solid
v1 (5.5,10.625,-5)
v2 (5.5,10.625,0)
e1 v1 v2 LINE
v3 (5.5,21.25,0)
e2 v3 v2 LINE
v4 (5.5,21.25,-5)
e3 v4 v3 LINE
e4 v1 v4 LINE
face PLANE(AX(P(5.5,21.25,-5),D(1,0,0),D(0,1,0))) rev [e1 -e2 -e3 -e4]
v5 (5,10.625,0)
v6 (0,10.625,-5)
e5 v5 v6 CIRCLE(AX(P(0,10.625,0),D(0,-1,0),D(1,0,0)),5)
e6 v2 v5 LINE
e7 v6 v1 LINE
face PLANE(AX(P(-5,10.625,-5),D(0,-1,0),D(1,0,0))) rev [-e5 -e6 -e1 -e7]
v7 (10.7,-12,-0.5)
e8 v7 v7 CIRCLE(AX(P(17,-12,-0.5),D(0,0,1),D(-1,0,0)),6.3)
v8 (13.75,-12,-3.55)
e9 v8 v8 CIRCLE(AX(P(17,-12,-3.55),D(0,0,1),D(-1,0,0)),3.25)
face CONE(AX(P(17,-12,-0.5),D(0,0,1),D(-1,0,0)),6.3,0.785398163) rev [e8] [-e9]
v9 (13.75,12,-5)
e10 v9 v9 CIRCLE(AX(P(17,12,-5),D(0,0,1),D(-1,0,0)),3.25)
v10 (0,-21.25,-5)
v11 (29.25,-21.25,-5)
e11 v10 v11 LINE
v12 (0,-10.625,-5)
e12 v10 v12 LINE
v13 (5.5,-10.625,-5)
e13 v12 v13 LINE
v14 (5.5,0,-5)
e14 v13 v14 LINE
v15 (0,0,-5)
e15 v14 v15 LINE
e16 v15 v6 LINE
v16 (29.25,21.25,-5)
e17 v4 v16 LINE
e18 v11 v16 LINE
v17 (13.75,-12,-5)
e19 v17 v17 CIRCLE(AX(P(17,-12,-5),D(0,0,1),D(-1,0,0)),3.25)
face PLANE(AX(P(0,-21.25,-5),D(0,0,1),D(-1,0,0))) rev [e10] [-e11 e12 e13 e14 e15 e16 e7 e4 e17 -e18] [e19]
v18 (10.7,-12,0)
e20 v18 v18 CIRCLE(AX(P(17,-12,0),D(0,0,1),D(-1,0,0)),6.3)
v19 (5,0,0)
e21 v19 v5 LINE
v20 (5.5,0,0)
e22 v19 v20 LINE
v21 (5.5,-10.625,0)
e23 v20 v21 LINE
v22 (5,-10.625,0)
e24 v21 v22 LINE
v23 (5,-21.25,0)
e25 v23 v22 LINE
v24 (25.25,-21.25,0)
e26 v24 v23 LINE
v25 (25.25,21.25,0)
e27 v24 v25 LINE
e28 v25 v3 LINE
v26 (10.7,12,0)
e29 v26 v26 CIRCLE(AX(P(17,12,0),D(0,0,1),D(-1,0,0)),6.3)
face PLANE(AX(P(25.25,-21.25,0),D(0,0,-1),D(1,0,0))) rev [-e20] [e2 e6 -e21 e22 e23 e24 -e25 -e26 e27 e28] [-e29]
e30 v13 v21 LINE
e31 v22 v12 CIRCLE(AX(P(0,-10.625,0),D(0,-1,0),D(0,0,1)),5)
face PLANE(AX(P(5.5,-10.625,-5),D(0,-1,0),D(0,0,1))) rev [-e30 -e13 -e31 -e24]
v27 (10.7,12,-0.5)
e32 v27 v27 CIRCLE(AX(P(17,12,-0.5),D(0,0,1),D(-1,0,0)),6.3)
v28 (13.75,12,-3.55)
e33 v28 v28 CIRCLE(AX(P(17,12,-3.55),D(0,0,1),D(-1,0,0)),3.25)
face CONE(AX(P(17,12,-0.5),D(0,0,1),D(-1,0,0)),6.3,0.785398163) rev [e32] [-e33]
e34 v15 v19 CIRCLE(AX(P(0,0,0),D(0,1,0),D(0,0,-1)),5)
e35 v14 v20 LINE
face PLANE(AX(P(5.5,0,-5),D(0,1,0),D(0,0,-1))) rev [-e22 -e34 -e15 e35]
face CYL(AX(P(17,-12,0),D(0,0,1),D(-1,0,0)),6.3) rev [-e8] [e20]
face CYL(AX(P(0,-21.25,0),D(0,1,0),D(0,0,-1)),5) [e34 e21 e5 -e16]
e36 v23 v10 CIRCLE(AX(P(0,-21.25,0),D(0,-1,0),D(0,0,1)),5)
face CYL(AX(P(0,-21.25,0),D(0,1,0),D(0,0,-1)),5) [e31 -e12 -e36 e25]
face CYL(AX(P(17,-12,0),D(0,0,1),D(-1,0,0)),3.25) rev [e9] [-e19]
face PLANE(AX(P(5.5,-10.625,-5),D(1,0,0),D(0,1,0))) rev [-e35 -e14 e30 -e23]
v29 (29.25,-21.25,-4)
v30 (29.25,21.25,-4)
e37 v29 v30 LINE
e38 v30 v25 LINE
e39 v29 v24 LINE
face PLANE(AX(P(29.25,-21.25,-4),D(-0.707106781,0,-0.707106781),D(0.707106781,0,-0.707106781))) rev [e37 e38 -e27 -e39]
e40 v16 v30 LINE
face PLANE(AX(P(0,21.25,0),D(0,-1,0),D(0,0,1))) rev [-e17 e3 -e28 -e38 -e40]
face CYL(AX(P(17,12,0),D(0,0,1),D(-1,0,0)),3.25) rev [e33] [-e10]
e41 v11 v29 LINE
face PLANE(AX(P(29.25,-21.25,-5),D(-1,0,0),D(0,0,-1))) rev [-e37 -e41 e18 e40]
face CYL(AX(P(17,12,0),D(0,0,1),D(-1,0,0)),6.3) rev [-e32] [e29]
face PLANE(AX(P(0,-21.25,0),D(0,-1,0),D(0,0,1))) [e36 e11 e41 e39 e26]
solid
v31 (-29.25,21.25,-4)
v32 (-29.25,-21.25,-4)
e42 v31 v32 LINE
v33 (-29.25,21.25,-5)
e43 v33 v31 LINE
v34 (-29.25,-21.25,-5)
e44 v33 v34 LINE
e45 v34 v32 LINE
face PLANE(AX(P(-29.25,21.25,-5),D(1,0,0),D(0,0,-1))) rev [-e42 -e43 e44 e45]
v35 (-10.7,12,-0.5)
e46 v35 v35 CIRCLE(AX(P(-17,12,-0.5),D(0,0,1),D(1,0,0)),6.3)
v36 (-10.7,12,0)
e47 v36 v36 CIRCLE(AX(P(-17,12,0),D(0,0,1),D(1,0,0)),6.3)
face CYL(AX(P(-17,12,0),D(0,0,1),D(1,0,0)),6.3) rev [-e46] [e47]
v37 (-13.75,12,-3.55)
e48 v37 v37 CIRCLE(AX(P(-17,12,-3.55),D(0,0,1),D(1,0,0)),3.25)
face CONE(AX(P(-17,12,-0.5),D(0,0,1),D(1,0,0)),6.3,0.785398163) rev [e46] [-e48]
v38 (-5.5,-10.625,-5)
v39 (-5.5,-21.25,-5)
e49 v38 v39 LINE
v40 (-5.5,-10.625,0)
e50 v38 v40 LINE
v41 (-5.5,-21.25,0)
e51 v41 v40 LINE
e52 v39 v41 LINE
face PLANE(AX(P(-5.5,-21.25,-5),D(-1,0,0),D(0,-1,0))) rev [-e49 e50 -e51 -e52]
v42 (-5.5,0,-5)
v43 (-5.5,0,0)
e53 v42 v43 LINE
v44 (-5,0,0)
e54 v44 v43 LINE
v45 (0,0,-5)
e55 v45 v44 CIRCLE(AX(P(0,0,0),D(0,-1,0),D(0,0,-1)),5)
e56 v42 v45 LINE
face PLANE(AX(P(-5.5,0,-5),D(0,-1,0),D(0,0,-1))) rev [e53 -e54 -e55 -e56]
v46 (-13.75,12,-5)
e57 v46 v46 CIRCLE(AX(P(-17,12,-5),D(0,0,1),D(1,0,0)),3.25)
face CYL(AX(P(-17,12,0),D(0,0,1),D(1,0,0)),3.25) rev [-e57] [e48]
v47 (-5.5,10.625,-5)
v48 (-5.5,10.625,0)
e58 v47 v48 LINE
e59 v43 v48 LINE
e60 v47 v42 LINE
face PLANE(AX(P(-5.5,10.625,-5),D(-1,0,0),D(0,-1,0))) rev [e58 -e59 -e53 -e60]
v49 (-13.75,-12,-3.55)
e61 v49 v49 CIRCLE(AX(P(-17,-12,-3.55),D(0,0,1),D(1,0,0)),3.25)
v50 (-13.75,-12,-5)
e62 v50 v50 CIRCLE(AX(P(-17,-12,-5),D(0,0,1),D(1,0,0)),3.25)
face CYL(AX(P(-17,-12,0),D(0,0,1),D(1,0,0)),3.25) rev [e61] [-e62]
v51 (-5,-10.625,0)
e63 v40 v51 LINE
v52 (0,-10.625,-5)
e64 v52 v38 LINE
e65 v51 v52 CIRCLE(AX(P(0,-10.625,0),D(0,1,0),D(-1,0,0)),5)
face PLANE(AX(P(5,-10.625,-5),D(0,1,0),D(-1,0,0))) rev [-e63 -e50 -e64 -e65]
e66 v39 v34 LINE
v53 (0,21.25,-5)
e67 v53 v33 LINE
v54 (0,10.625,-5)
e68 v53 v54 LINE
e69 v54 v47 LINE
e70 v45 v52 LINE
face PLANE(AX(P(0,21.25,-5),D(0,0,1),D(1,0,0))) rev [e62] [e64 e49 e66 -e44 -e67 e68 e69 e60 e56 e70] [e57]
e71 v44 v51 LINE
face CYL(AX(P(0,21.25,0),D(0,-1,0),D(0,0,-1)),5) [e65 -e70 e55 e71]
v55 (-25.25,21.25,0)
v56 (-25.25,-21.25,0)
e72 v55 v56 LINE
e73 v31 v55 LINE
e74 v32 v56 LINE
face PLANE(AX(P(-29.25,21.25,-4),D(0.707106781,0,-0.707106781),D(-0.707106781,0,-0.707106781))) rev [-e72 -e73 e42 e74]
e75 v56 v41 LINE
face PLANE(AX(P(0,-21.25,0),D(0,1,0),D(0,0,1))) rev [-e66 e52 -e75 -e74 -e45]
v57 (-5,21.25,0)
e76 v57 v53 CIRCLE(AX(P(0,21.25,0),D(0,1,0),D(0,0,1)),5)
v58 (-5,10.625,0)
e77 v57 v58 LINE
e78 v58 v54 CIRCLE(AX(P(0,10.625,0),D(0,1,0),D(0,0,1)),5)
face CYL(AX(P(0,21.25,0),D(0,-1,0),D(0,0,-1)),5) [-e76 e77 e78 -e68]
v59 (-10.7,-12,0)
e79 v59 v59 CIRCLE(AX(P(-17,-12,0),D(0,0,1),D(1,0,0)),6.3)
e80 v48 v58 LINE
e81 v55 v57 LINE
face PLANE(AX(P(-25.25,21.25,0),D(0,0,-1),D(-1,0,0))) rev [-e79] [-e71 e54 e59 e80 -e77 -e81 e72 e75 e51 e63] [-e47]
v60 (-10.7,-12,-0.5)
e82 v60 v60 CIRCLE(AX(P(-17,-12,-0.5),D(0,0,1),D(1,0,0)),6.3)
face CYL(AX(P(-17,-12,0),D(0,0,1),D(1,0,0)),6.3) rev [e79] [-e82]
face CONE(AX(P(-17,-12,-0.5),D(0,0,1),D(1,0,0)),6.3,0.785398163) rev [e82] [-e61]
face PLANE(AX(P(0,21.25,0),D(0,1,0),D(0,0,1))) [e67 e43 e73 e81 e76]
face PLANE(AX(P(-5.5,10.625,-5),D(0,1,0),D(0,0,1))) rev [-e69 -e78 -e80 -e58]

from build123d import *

# Parameters (mm, degrees)
EXTRUDE_1_DEPTH            = 21.25
SKETCH_3_W                 = 10.5
SKETCH_3_H                 = 10.625
CUT_EXTRUDE_1_DEPTH        = 6
CUT_EXTRUDE_1_DEPTH_BACK   = 6
HOLE_WIZARD_M61_AT_2_COUNT = 2
HOLE_WIZARD_M61_AT_2_PITCH = 24
PATTERN_CIRCULAR_1_COUNT   = 2


with BuildPart() as part:
    # Эскиз1 → Бобышка-Вытянуть1 (new body, symmetric)
    with BuildSketch(Plane(origin=(0, 0, 0), x_dir=(1, 0, 0), z_dir=(0, 1, 0))):
        with BuildLine():
            Line((0, 5), (-29.25, 5))
            Line((-29.25, 5), (-29.25, 4))
            Line((-29.25, 4), (-25.25, 0))
            Line((-25.25, 0), (-5, 0))
            ThreePointArc((-5, 0), (3.535533906, -3.535533906), (0, 5))
        make_face()
    extrude(amount=EXTRUDE_1_DEPTH, both=True)

    # Эскиз3 → Вырез-Вытянуть1 (cut, two sides)
    with BuildSketch(Plane.XY) as cut_extrude_1_sk:
        with Locations((-0.25, 5.3125)):
            Rectangle(SKETCH_3_W, SKETCH_3_H)
        with Locations((-0.25, -15.9375)):
            Rectangle(SKETCH_3_W, SKETCH_3_H)
    extrude(amount=CUT_EXTRUDE_1_DEPTH, mode=Mode.SUBTRACT)
    extrude(cut_extrude_1_sk.sketch, amount=-CUT_EXTRUDE_1_DEPTH_BACK, mode=Mode.SUBTRACT)

    # Эскиз6 → Зенковка для винта с полупотайной головкой M61 (revolve, cut)
    with BuildSketch(Plane(origin=(-17, 12, 0), x_dir=(0, -1, 0), z_dir=(1, 0, 0))):
        Polygon((0, 0), (0, 5), (3.25, 5), (3.25, 3.55), (6.3, 0.5), (6.3, 0), align=None)
    hole_wizard_m61 = revolve(axis=Axis((-17, 12, 6.35), (0, 0, -1)), mode=Mode.SUBTRACT)

    # Зенковка для винта с полупотайной головкой M61 at 2: Зенковка для винта с полупотайной головкой M61 ×2
    with Locations(*[(0, -i * HOLE_WIZARD_M61_AT_2_PITCH, 0) for i in range(1, HOLE_WIZARD_M61_AT_2_COUNT)]):
        add(hole_wizard_m61, mode=Mode.SUBTRACT)


with BuildPart() as pattern_circular_1_1:
    # Круговой массив1: pattern copy
    add(part.part.rotate(Axis((0, 0, 0), (0, 0, 1)), 1 * 360 / PATTERN_CIRCULAR_1_COUNT))


solid = Compound([part.part, pattern_circular_1_1.part])
